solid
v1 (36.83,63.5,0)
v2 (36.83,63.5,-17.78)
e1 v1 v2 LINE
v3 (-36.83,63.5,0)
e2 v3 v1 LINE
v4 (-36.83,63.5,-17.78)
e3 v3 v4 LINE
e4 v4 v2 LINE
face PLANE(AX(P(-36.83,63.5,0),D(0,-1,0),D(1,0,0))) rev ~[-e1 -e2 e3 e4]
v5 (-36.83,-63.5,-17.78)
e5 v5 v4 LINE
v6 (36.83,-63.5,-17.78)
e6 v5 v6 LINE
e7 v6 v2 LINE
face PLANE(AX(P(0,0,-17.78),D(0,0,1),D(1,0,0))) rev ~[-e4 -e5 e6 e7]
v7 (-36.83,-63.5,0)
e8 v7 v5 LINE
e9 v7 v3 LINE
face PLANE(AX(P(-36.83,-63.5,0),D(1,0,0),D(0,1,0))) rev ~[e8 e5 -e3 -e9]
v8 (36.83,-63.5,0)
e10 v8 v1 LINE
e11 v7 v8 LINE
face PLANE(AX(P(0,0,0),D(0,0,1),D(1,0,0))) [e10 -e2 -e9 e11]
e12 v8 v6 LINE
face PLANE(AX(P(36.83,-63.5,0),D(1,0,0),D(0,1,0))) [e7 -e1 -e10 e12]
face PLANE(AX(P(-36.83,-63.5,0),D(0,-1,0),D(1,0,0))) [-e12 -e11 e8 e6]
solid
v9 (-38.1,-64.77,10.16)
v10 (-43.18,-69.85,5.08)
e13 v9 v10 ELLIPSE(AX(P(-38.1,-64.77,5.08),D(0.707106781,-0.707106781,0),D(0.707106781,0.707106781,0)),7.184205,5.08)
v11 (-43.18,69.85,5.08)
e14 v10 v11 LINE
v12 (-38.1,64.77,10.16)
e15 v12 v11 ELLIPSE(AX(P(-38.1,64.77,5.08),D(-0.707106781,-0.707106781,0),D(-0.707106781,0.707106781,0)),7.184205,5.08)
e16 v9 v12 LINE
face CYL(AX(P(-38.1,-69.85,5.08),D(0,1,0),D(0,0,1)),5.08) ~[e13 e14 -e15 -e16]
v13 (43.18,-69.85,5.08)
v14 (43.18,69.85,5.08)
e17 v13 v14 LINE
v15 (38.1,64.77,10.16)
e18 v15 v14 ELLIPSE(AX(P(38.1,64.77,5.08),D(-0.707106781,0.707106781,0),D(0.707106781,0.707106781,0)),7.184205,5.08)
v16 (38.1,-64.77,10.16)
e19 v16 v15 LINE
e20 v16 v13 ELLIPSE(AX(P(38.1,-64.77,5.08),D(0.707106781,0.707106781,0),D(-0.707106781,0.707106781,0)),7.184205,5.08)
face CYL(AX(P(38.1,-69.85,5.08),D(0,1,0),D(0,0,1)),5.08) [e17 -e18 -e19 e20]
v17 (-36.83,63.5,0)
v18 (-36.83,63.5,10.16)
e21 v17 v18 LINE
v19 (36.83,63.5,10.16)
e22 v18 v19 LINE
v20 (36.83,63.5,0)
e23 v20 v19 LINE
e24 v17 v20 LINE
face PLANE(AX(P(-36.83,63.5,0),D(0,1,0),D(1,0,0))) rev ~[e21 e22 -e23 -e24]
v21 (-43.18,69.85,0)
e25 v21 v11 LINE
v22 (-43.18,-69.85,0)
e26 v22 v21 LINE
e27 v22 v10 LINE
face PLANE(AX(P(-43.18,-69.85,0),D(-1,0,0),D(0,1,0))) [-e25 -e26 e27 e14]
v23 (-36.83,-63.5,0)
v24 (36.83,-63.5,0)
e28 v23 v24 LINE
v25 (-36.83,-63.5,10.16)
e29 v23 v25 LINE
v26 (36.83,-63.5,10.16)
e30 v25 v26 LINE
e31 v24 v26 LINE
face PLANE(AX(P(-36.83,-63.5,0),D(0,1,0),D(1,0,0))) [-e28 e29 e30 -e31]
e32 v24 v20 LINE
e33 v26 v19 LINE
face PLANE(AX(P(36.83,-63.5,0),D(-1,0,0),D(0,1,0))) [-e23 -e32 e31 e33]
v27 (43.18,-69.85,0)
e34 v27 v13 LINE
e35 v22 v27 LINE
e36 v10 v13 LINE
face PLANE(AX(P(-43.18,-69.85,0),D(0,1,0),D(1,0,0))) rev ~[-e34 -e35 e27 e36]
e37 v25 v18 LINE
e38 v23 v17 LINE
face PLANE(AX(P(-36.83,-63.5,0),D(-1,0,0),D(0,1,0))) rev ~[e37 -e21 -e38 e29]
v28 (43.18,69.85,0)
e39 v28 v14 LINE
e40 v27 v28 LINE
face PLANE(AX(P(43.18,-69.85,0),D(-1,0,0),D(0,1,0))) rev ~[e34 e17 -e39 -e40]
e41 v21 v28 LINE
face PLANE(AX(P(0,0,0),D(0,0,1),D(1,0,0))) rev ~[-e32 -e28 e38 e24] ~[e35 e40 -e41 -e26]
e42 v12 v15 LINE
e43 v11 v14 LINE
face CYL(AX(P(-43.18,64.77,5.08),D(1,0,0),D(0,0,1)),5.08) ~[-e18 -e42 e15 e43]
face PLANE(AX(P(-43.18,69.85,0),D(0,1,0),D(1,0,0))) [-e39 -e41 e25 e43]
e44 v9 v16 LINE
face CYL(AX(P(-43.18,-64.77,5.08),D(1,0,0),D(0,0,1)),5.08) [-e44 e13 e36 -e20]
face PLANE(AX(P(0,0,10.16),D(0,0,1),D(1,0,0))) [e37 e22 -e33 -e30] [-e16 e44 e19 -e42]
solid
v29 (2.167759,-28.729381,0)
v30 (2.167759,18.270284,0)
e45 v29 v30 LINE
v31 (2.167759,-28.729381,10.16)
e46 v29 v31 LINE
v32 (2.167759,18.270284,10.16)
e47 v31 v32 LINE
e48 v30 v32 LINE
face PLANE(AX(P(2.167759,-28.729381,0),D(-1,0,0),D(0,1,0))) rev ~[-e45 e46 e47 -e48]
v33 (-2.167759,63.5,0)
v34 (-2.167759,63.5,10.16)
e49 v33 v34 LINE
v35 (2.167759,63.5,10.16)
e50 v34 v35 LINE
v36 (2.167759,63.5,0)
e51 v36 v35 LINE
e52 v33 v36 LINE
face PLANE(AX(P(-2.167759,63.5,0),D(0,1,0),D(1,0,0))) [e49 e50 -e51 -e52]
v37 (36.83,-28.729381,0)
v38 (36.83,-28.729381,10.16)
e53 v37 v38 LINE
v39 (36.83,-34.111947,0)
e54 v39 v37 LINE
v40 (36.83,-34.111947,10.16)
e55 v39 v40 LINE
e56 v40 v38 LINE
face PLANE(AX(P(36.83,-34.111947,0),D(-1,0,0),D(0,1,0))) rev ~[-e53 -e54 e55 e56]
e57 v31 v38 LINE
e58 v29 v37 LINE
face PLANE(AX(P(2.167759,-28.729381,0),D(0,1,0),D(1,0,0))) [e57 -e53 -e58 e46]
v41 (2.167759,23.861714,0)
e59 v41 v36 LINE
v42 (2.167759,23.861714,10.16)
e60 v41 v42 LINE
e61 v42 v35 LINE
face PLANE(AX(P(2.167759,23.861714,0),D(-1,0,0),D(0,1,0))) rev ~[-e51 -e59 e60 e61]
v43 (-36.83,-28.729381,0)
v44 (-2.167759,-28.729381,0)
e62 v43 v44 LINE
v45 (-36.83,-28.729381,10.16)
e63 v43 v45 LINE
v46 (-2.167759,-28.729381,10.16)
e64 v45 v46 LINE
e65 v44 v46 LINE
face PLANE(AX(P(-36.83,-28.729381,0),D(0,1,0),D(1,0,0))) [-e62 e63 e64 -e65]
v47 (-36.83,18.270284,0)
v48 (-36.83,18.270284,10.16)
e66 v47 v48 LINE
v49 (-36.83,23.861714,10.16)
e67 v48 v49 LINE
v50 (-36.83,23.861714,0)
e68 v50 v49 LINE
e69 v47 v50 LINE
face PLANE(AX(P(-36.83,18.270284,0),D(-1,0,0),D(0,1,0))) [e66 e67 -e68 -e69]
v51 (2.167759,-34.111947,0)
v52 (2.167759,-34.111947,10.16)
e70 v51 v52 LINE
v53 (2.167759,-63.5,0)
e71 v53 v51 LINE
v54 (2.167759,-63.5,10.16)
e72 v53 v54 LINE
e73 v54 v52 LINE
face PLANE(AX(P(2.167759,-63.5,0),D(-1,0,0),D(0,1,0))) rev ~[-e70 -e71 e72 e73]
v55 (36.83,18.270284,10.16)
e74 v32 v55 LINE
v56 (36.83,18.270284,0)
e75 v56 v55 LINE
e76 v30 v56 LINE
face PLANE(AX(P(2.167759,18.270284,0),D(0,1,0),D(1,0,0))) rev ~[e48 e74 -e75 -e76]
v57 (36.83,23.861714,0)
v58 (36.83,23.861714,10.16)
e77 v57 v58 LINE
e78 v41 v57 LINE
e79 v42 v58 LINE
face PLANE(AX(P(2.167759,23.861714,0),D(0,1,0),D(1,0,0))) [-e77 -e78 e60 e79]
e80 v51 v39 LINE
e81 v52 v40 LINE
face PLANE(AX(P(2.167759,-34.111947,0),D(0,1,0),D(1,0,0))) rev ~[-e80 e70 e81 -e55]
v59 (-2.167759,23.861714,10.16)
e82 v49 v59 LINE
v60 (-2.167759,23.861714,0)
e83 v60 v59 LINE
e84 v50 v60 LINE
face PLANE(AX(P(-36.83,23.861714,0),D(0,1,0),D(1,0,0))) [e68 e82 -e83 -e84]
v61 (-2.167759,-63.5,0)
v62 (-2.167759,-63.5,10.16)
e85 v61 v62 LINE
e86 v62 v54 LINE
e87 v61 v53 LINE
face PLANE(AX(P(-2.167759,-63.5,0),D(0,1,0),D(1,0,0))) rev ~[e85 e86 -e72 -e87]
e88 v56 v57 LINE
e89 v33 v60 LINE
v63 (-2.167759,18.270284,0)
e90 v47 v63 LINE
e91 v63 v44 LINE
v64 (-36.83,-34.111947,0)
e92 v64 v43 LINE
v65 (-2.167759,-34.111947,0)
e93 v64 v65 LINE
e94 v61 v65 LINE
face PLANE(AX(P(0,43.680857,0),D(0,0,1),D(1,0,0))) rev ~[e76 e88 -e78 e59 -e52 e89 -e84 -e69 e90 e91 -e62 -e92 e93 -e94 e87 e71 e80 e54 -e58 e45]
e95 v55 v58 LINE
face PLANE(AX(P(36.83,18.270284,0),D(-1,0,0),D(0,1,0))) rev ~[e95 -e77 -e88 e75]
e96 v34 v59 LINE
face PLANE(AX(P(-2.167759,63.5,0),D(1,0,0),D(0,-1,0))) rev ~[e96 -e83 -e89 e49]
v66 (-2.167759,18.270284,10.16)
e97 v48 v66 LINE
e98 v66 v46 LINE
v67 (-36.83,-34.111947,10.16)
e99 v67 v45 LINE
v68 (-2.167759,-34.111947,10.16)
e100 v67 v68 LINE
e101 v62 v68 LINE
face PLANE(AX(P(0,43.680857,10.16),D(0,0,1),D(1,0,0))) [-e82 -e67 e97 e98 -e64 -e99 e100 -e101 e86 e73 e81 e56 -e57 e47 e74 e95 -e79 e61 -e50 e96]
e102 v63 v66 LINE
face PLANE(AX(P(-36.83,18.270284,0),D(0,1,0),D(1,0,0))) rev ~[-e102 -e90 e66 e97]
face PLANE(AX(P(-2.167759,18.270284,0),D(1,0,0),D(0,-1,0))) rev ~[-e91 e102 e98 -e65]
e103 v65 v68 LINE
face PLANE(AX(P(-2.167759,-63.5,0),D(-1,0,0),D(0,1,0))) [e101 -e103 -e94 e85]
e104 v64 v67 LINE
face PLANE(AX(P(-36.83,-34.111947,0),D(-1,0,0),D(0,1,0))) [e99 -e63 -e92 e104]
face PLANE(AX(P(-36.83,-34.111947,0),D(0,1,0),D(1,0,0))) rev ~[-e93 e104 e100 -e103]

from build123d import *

# Parameters (mm, degrees)
F0_W     = 86.36
F0_H     = 139.7
F0_W_2   = 73.66
F0_H_2   = 127
F1_DEPTH = 10.16
F2_DEPTH = 17.78
F3_R     = 5.08
F4_W     = 4.3355189264
F4_H     = 39.6382862926
F4_H_2   = 5.59142977
F4_W_2   = 34.6622405368
F4_H_3   = 46.9996649772
F4_H_4   = 5.3825657815
F4_H_5   = 29.3880531788
F5_DEPTH = 10.16


with BuildPart() as f1:
    # F0 (on Top) → F1 (new body)
    with BuildSketch(Plane.XY):
        Rectangle(F0_W, F0_H)
        Rectangle(F0_W_2, F0_H_2, mode=Mode.SUBTRACT)
    extrude(amount=F1_DEPTH)

    # F0 (on Top) → F2 (join)
    with BuildSketch(Plane.XY):
        Rectangle(F0_W_2, F0_H_2)
    extrude(amount=-F2_DEPTH)

    # F3
    f3_edges = [f1.edges().sort_by_distance(p)[0] for p in [
        (-43.18, 0, 10.16),
        (0, 69.85, 10.16),
        (43.18, 0, 10.16),
        (0, -69.85, 10.16),
    ]]
    fillet(f3_edges, radius=F3_R)


with BuildPart() as f5:
    # F4 (on face) → F5 (new body)
    with BuildSketch(Plane.XY):
        with Locations((0, 43.6808568537)):
            Rectangle(F4_W, F4_H)
        with Locations((0, 21.0659988225)):
            Rectangle(F4_W, F4_H_2)
        with Locations((-19.4988797316, 21.0659988225)):
            Rectangle(F4_W_2, F4_H_2)
        with Locations((19.4988797316, 21.0659988225)):
            Rectangle(F4_W_2, F4_H_2)
        with Locations((0, -5.2295485511)):
            Rectangle(F4_W, F4_H_3)
        with Locations((0, -31.4206639305)):
            Rectangle(F4_W, F4_H_4)
        with Locations((-19.4988797316, -31.4206639305)):
            Rectangle(F4_W_2, F4_H_4)
        with Locations((19.4988797316, -31.4206639305)):
            Rectangle(F4_W_2, F4_H_4)
        with Locations((0, -48.8059734106)):
            Rectangle(F4_W, F4_H_5)
    extrude(amount=F5_DEPTH)


solid = Compound([f1.part, f5.part])
